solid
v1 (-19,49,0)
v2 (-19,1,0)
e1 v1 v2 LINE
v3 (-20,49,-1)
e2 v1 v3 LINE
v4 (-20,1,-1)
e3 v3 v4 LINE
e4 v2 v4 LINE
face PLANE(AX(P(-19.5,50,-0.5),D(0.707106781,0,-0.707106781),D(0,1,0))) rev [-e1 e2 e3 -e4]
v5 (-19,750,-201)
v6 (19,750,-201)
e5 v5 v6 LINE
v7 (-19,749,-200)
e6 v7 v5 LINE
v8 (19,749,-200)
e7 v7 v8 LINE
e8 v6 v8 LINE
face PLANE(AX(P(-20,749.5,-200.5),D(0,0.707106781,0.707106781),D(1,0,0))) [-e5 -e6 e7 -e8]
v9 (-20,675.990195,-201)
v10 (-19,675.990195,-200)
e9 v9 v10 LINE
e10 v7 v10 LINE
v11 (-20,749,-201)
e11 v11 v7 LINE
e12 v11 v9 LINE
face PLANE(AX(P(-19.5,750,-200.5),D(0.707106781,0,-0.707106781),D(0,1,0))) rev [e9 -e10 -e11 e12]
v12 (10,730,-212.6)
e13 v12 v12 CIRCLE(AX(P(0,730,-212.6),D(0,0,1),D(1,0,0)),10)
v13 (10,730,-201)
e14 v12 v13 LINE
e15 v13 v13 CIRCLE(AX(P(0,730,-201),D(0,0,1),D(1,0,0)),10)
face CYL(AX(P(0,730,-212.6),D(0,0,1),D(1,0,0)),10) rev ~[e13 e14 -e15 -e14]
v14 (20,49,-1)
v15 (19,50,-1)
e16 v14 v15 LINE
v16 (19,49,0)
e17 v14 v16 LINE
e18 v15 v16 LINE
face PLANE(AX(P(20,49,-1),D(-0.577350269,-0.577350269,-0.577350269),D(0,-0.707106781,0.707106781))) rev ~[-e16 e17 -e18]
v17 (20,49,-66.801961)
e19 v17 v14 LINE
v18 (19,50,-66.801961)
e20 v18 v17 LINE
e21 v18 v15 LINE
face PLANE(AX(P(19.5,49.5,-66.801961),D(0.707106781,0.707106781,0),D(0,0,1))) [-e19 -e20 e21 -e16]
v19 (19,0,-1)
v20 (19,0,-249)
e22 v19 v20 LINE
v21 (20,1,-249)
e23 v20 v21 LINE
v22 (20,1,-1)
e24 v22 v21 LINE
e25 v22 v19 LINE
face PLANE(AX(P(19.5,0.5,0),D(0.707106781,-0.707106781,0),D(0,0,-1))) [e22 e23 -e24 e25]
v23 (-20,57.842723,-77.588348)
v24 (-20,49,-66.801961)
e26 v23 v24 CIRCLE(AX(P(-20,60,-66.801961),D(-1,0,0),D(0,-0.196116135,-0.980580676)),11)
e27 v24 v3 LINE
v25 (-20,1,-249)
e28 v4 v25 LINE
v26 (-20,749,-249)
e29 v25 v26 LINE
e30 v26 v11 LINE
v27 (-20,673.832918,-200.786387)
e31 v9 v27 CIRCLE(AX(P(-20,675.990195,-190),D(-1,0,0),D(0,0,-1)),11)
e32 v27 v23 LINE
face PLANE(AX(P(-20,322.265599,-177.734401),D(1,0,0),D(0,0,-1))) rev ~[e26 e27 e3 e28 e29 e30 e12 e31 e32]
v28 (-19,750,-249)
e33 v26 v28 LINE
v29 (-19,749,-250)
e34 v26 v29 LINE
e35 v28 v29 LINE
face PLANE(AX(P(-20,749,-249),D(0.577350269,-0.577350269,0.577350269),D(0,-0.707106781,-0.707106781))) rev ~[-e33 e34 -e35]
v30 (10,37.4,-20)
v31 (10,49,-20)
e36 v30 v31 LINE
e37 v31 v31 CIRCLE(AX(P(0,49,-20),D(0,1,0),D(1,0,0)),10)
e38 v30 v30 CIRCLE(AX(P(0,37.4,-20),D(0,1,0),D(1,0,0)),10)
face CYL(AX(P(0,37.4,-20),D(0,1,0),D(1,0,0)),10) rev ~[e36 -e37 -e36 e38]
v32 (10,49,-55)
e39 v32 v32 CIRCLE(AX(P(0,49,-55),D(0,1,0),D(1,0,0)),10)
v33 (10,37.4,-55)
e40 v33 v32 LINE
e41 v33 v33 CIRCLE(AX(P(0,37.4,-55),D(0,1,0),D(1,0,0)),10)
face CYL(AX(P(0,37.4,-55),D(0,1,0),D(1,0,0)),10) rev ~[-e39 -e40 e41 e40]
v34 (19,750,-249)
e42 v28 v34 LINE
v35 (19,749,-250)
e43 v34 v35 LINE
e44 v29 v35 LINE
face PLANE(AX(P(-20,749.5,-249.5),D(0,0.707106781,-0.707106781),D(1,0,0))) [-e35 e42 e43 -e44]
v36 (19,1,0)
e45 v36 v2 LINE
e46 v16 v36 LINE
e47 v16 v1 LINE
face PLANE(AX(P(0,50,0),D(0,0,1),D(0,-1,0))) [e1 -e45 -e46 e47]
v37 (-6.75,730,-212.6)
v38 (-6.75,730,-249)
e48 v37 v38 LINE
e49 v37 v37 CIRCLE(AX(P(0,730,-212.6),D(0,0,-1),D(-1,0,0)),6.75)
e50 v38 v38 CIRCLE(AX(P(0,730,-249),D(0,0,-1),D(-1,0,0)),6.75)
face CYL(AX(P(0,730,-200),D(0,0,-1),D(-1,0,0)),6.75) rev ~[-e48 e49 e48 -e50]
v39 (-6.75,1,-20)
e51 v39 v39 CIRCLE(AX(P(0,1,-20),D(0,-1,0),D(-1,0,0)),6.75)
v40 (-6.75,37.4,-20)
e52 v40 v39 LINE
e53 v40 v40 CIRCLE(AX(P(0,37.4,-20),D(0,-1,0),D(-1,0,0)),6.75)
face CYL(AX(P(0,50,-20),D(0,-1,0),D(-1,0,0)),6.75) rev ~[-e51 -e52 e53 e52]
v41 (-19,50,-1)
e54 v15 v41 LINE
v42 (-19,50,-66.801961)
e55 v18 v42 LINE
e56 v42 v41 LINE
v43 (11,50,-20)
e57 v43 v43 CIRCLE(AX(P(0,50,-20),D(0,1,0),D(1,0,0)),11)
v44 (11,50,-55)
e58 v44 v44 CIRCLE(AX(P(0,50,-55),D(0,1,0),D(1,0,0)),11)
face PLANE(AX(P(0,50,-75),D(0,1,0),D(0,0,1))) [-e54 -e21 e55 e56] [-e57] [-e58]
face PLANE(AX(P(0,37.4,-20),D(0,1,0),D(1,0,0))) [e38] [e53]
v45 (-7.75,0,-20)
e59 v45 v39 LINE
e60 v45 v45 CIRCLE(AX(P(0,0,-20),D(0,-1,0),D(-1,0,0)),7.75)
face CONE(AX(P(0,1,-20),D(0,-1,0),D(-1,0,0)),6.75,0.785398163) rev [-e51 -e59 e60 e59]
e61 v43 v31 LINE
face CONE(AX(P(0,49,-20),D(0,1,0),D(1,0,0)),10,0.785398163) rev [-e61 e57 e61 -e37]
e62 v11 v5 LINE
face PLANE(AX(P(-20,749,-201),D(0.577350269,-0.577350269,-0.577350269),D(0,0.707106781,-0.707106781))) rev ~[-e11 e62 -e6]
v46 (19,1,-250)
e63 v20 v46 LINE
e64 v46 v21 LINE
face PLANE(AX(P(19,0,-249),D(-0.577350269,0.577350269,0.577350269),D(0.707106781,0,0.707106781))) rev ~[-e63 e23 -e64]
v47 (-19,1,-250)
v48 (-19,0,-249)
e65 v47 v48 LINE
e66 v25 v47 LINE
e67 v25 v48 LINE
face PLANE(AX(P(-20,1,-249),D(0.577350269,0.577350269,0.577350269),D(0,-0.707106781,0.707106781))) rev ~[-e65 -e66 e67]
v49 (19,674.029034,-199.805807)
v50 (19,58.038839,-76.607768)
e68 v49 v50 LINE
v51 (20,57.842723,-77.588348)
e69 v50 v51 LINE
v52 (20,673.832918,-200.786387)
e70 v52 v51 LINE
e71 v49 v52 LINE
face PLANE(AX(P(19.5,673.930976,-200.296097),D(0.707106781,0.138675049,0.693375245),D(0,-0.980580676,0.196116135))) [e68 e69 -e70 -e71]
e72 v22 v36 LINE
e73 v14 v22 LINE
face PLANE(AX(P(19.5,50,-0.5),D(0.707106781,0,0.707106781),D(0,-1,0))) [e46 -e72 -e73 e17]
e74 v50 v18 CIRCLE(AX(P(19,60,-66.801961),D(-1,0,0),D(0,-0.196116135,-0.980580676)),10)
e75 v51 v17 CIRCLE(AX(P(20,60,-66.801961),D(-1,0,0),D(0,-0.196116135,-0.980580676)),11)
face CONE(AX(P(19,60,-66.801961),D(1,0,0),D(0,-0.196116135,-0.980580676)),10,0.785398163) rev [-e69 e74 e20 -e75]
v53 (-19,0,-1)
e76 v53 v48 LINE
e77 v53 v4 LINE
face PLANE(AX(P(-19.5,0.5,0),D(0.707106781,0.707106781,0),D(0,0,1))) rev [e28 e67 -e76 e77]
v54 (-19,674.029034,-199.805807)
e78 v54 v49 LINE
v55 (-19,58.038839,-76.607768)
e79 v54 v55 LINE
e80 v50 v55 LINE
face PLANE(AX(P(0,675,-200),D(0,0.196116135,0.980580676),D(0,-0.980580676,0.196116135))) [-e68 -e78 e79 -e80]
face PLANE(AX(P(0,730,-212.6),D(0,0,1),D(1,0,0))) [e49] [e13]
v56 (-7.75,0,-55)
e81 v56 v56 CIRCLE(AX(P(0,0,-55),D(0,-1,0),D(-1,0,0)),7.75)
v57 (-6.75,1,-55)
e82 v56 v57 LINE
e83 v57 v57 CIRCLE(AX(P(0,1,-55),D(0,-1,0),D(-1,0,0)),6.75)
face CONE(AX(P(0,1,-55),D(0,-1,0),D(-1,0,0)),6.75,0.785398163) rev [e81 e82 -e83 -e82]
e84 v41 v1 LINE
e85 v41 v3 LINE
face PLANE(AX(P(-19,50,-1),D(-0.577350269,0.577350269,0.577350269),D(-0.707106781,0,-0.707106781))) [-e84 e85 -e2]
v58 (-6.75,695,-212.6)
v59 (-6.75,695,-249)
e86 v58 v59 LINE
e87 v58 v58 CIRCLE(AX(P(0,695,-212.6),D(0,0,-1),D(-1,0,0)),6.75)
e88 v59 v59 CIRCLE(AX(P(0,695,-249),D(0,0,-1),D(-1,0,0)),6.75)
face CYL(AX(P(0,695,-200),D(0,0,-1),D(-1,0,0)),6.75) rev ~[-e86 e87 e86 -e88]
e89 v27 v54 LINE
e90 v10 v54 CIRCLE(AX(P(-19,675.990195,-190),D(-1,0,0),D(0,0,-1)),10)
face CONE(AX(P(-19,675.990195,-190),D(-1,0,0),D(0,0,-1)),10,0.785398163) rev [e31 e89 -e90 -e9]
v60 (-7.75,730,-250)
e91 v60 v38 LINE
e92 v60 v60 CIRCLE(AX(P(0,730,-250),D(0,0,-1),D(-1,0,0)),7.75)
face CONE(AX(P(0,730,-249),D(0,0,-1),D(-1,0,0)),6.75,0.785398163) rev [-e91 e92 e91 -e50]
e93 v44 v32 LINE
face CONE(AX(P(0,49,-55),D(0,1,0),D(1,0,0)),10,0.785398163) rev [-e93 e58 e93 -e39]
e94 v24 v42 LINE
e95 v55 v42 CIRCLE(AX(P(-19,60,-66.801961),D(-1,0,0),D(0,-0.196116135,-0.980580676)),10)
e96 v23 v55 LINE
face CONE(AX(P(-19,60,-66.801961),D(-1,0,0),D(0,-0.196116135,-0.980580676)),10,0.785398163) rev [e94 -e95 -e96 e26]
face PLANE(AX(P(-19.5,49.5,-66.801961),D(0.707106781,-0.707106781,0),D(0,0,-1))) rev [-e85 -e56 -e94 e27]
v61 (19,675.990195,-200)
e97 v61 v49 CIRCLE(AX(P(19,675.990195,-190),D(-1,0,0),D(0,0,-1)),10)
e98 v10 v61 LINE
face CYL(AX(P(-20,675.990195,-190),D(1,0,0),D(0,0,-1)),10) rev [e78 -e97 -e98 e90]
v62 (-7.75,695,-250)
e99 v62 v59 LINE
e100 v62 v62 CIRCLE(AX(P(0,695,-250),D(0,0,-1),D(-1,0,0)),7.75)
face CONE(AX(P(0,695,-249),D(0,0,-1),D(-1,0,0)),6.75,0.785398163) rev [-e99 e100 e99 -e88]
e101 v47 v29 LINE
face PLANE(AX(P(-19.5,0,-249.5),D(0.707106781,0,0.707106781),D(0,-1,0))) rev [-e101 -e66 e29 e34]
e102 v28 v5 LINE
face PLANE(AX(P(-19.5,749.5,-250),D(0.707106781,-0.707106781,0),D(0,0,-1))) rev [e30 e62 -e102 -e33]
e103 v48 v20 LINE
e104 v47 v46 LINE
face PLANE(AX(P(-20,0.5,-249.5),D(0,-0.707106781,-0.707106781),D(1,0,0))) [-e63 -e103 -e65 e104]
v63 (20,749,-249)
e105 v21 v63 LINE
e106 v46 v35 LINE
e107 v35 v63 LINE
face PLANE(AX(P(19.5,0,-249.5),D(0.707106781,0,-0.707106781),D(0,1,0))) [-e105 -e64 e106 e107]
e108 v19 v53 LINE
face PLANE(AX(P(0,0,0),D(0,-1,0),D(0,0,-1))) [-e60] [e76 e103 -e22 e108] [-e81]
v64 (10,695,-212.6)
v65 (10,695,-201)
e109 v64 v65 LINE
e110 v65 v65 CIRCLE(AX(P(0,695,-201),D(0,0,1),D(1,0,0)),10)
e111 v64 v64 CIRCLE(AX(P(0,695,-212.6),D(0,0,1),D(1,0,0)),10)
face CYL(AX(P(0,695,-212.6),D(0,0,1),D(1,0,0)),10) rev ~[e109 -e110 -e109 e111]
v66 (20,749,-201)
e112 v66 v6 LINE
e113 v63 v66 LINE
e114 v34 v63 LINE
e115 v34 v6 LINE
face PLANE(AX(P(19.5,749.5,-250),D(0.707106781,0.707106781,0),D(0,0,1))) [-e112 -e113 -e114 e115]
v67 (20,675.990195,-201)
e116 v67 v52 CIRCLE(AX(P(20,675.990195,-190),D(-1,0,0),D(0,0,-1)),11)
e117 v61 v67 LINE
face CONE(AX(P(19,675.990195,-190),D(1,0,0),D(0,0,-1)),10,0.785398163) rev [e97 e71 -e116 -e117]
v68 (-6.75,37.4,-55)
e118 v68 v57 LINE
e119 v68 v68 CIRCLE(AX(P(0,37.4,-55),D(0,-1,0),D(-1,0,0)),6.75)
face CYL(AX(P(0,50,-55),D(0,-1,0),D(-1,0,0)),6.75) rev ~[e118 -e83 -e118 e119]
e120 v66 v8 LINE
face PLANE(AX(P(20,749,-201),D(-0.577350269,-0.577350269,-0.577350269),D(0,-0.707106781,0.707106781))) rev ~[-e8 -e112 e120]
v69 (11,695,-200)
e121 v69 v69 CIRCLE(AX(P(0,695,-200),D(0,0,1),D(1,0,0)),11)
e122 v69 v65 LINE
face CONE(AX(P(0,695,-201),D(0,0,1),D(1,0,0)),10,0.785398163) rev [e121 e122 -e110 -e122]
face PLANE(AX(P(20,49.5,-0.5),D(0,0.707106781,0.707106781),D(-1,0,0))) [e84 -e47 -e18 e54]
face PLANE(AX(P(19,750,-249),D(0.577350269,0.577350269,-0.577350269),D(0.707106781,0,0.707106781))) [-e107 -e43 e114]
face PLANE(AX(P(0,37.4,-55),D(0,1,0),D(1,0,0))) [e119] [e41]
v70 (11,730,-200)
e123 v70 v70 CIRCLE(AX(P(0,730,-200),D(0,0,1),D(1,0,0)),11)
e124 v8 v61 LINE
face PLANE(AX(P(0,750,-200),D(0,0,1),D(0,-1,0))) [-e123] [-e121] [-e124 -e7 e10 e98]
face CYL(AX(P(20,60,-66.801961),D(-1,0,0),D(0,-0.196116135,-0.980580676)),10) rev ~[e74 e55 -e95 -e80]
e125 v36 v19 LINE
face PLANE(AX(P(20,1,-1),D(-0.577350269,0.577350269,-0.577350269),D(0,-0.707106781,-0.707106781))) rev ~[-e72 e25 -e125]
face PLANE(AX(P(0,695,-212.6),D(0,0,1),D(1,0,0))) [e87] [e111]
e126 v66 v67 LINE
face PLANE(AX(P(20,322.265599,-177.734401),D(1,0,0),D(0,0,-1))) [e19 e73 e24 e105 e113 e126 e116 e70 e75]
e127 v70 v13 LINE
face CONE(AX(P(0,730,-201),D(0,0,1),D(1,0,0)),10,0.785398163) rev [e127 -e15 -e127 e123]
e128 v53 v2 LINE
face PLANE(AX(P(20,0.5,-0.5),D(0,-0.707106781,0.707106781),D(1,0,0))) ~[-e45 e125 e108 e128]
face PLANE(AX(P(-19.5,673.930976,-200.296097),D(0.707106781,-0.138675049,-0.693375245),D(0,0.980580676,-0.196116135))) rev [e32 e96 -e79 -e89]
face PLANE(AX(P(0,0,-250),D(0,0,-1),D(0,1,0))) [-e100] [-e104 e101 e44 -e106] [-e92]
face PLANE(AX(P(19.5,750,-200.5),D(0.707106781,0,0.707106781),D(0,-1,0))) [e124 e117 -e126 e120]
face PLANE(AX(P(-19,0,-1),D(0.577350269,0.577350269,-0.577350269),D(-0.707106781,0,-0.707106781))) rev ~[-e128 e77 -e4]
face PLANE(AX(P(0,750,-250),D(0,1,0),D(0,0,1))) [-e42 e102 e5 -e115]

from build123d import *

# Parameters (mm, degrees)
BOSS_EXTRUDE1_DEPTH                                  = 20
CBORE_FOR_M12_HEX_SOCKET_HEAD_CAP_SCREW1_D           = 13.5
CBORE_FOR_M12_HEX_SOCKET_HEAD_CAP_SCREW1_CBORE_D     = 20
CBORE_FOR_M12_HEX_SOCKET_HEAD_CAP_SCREW1_CBORE_DEPTH = 12.6
CBORE_FOR_M12_HEX_SOCKET_HEAD_CAP_SCREW2_D           = 13.5
CBORE_FOR_M12_HEX_SOCKET_HEAD_CAP_SCREW2_CBORE_D     = 20
CBORE_FOR_M12_HEX_SOCKET_HEAD_CAP_SCREW2_CBORE_DEPTH = 12.6
FILLET1_R                                            = 10
CHAMFER1_SIZE                                        = 1
CHAMFER2_SIZE                                        = 1


with BuildPart() as part:
    # Sketch1 → Boss-Extrude1 (new, symmetric)
    with BuildSketch(Plane(origin=(0, 0, 0), x_dir=(0, 0, -1), z_dir=(1, 0, 0))):
        Polygon((0, 0), (250, 0), (250, 750), (200, 750), (200, 675), (75, 50), (0, 50), align=None)
    extrude(amount=BOSS_EXTRUDE1_DEPTH, both=True)

    # CBORE for M12 Hex Socket Head Cap Screw1 (through all)
    with Locations(Plane(origin=(0, 50, 0), x_dir=(1, 0, 0), z_dir=(0, 1, 0))):
        with Locations((0, 55), (0, 20)):
            CounterBoreHole(CBORE_FOR_M12_HEX_SOCKET_HEAD_CAP_SCREW1_D / 2, CBORE_FOR_M12_HEX_SOCKET_HEAD_CAP_SCREW1_CBORE_D / 2, CBORE_FOR_M12_HEX_SOCKET_HEAD_CAP_SCREW1_CBORE_DEPTH)

    # CBORE for M12 Hex Socket Head Cap Screw2 (through all)
    with Locations(Plane.XY.offset(-200)):
        with Locations((0, 730), (0, 695)):
            CounterBoreHole(CBORE_FOR_M12_HEX_SOCKET_HEAD_CAP_SCREW2_D / 2, CBORE_FOR_M12_HEX_SOCKET_HEAD_CAP_SCREW2_CBORE_D / 2, CBORE_FOR_M12_HEX_SOCKET_HEAD_CAP_SCREW2_CBORE_DEPTH)

    # Fillet1
    fillet1_edges = [part.edges().sort_by_distance(p)[0] for p in [
        (0, 50, -75),
        (0, 675, -200),
    ]]
    fillet(fillet1_edges, radius=FILLET1_R)

    # Chamfer1
    chamfer1_edges = [part.edges().sort_by_distance(p)[0] for p in [
        (-20, 25, 0),
        (0, 50, 0),
        (20, 375, -250),
        (0, 750, -200),
        (0, 750, -250),
        (0, 0, -250),
        (0, 0, 0),
        (20, 750, -225),
        (20, 712.995097568, -200),
        (6.75, 0, -20),
        (6.75, 0, -55),
        (6.75, 695, -250),
        (6.75, 730, -250),
        (20, 25, 0),
        (-20, 50, -33.400980486),
        (20, 50, -33.400980486),
        (-20, 366.033936217, -138.206787243),
        (20, 366.033936217, -138.206787243),
        (-20, 52.266578587, -73.141850029),
        (20, 52.266578587, -73.141850029),
        (-20, 675.004818956, -199.951333267),
        (20, 675.004818956, -199.951333267),
        (-20, 712.995097568, -200),
        (-20, 750, -225),
        (20, 0, -125),
        (-20, 375, -250),
        (-20, 0, -125),
    ]]
    chamfer(chamfer1_edges, length=CHAMFER1_SIZE)

    # Chamfer2
    chamfer2_edges = [part.edges().sort_by_distance(p)[0] for p in [
        (-10, 50, -20),
        (-10, 50, -55),
        (-10, 695, -200),
        (-10, 730, -200),
    ]]
    chamfer(chamfer2_edges, length=CHAMFER2_SIZE)


solid = part.part
